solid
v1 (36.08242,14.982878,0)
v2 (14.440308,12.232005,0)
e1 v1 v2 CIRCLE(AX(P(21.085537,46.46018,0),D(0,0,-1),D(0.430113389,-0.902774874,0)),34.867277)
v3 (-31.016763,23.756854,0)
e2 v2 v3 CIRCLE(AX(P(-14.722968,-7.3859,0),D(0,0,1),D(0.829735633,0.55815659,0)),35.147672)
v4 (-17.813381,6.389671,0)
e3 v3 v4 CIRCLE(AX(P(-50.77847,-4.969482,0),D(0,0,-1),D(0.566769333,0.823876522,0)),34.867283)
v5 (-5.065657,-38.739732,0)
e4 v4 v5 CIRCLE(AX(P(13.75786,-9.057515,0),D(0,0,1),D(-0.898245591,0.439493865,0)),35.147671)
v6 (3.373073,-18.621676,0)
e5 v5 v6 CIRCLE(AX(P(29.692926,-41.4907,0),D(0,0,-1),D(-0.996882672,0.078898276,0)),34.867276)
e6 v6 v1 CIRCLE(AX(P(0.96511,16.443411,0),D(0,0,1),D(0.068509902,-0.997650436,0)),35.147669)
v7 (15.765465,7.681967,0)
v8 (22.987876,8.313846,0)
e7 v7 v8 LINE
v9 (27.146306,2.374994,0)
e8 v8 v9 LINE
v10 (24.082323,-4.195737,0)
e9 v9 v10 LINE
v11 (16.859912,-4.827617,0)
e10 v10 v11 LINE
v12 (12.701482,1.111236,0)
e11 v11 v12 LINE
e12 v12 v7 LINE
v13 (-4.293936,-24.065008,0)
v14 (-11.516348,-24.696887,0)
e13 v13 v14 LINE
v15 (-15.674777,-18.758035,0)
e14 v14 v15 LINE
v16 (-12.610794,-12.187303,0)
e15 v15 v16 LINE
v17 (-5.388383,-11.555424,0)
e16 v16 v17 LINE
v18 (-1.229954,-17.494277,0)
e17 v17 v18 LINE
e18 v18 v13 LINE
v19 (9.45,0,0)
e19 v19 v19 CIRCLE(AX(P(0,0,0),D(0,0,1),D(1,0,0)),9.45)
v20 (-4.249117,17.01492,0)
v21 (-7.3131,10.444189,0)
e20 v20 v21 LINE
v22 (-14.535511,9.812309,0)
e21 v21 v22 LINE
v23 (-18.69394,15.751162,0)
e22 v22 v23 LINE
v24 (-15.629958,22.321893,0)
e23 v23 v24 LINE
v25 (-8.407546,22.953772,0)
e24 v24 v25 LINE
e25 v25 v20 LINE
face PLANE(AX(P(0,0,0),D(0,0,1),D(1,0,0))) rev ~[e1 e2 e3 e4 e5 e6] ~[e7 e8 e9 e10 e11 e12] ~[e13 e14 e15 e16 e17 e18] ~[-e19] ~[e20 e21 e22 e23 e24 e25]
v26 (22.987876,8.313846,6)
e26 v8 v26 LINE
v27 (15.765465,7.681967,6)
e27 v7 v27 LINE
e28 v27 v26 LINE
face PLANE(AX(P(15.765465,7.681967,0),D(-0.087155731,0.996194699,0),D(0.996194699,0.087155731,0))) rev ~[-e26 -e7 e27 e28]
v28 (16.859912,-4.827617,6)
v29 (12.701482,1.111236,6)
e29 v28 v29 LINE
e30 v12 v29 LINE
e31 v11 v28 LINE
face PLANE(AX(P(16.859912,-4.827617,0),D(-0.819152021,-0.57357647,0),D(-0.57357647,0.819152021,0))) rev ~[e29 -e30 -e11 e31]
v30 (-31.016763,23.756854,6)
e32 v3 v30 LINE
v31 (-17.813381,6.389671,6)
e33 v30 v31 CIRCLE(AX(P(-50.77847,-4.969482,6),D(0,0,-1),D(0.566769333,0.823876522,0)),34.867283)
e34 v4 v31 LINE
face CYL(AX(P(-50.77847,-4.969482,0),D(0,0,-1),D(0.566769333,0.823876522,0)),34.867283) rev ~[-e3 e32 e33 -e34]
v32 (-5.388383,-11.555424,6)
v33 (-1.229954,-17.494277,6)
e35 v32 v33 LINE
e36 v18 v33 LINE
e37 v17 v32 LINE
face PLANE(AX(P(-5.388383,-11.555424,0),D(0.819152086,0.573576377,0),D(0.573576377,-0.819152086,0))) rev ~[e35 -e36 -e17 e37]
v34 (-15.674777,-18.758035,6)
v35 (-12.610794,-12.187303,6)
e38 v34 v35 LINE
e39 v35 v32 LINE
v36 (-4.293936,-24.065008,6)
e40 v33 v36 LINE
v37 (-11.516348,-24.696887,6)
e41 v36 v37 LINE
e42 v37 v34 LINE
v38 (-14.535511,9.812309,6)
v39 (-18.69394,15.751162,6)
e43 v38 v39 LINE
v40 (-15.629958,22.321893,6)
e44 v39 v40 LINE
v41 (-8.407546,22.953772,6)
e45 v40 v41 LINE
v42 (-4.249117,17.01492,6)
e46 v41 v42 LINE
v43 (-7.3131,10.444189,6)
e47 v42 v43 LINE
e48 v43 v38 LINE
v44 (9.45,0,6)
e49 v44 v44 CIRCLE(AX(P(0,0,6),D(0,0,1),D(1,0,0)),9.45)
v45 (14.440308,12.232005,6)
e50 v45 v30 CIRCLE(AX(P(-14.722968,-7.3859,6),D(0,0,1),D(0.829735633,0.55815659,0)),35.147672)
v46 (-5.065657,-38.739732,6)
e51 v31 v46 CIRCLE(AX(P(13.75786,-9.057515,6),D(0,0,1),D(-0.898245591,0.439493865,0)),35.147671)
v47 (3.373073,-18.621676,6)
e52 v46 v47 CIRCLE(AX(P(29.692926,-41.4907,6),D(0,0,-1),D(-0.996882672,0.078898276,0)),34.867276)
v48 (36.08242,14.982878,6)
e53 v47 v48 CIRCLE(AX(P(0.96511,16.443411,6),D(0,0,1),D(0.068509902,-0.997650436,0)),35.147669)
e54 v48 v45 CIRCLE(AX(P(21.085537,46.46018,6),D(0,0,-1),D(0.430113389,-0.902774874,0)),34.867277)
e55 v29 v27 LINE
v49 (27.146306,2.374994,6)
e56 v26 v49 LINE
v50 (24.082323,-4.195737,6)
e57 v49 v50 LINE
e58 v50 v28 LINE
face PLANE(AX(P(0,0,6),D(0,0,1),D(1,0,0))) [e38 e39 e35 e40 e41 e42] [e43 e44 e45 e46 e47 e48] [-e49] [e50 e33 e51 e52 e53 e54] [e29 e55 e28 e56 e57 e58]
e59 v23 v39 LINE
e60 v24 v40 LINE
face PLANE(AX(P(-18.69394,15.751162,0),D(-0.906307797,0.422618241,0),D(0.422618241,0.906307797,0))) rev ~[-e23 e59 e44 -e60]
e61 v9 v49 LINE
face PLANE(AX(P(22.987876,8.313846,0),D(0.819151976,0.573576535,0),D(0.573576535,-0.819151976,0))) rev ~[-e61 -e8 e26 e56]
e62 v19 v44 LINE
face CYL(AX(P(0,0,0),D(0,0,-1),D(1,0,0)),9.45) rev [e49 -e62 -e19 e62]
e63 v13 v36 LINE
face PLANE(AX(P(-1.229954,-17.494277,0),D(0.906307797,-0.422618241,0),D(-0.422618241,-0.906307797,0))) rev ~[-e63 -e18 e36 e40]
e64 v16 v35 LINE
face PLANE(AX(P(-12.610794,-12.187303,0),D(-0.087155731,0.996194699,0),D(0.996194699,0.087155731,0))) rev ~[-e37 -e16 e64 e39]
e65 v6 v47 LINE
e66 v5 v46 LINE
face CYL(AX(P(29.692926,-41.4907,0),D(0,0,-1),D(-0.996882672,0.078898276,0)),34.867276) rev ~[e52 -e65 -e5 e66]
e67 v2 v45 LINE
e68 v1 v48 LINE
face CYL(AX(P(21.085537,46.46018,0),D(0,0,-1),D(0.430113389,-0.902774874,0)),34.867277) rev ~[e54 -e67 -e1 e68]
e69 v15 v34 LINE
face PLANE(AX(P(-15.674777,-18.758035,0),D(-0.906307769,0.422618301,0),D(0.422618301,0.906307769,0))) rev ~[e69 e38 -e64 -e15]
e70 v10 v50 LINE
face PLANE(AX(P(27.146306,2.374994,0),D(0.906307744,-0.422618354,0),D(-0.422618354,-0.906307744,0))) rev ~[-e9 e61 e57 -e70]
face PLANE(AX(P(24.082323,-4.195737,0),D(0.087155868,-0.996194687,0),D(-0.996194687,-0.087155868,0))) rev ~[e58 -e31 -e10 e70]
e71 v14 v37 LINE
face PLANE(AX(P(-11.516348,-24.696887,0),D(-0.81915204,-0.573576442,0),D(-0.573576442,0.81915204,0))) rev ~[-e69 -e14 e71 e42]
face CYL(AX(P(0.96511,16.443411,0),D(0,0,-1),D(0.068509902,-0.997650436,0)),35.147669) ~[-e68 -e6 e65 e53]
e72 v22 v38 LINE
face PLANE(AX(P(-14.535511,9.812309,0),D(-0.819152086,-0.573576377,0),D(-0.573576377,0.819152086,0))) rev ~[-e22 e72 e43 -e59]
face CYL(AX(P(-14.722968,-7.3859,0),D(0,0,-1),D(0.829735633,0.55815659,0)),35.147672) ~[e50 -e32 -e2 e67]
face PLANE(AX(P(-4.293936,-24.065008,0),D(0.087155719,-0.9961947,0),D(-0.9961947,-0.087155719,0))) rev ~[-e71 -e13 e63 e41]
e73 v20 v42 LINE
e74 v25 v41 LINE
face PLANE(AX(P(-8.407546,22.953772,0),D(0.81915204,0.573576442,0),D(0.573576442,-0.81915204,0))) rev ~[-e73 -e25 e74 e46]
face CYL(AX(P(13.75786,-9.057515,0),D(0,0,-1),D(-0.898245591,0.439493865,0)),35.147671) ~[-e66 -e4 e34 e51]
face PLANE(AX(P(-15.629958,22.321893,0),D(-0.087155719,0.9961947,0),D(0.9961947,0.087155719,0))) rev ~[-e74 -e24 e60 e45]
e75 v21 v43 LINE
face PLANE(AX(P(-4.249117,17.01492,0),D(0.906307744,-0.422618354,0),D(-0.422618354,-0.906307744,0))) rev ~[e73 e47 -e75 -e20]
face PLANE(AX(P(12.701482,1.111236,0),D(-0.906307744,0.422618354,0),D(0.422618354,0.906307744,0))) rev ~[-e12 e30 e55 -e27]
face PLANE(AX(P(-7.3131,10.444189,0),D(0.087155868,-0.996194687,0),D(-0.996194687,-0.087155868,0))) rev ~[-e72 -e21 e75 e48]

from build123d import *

# Parameters (mm, degrees)
F0_R     = 9.45
F1_DEPTH = 6


with BuildPart() as f1:
    # F0 (on Top) → F1 (new body)
    with BuildSketch(Plane.XY):
        with BuildLine():
            ThreePointArc((36.08242, 14.982878), (25.482054, 11.871198), (14.440308, 12.232005))
            ThreePointArc((14.440308, 12.232005), (-6.085178, 26.683844), (-31.016763, 23.756854))
            ThreePointArc((-31.016763, 23.756854), (-23.021786, 16.132507), (-17.813381, 6.389671))
            ThreePointArc((-17.813381, 6.389671), (-20.066298, -18.611841), (-5.065657, -38.739732))
            ThreePointArc((-5.065657, -38.739732), (-2.460268, -28.003705), (3.373073, -18.621676))
            ThreePointArc((3.373073, -18.621676), (26.151476, -8.072004), (36.08242, 14.982878))
        make_face()
        Polygon((-5.388383, -11.555424), (-1.229954, -17.494277), (-4.293936, -24.065008), (-11.516348, -24.696887), (-15.674777, -18.758035), (-12.610794, -12.187303), align=None, mode=Mode.SUBTRACT)
        Circle(F0_R, mode=Mode.SUBTRACT)
        Polygon((-7.3131, 10.444189), (-14.535511, 9.812309), (-18.69394, 15.751162), (-15.629958, 22.321893), (-8.407546, 22.953772), (-4.249117, 17.01492), align=None, mode=Mode.SUBTRACT)
        Polygon((16.859912, -4.827617), (12.701482, 1.111236), (15.765465, 7.681967), (22.987876, 8.313846), (27.146306, 2.374994), (24.082323, -4.195737), align=None, mode=Mode.SUBTRACT)
    extrude(amount=F1_DEPTH)


solid = f1.part
